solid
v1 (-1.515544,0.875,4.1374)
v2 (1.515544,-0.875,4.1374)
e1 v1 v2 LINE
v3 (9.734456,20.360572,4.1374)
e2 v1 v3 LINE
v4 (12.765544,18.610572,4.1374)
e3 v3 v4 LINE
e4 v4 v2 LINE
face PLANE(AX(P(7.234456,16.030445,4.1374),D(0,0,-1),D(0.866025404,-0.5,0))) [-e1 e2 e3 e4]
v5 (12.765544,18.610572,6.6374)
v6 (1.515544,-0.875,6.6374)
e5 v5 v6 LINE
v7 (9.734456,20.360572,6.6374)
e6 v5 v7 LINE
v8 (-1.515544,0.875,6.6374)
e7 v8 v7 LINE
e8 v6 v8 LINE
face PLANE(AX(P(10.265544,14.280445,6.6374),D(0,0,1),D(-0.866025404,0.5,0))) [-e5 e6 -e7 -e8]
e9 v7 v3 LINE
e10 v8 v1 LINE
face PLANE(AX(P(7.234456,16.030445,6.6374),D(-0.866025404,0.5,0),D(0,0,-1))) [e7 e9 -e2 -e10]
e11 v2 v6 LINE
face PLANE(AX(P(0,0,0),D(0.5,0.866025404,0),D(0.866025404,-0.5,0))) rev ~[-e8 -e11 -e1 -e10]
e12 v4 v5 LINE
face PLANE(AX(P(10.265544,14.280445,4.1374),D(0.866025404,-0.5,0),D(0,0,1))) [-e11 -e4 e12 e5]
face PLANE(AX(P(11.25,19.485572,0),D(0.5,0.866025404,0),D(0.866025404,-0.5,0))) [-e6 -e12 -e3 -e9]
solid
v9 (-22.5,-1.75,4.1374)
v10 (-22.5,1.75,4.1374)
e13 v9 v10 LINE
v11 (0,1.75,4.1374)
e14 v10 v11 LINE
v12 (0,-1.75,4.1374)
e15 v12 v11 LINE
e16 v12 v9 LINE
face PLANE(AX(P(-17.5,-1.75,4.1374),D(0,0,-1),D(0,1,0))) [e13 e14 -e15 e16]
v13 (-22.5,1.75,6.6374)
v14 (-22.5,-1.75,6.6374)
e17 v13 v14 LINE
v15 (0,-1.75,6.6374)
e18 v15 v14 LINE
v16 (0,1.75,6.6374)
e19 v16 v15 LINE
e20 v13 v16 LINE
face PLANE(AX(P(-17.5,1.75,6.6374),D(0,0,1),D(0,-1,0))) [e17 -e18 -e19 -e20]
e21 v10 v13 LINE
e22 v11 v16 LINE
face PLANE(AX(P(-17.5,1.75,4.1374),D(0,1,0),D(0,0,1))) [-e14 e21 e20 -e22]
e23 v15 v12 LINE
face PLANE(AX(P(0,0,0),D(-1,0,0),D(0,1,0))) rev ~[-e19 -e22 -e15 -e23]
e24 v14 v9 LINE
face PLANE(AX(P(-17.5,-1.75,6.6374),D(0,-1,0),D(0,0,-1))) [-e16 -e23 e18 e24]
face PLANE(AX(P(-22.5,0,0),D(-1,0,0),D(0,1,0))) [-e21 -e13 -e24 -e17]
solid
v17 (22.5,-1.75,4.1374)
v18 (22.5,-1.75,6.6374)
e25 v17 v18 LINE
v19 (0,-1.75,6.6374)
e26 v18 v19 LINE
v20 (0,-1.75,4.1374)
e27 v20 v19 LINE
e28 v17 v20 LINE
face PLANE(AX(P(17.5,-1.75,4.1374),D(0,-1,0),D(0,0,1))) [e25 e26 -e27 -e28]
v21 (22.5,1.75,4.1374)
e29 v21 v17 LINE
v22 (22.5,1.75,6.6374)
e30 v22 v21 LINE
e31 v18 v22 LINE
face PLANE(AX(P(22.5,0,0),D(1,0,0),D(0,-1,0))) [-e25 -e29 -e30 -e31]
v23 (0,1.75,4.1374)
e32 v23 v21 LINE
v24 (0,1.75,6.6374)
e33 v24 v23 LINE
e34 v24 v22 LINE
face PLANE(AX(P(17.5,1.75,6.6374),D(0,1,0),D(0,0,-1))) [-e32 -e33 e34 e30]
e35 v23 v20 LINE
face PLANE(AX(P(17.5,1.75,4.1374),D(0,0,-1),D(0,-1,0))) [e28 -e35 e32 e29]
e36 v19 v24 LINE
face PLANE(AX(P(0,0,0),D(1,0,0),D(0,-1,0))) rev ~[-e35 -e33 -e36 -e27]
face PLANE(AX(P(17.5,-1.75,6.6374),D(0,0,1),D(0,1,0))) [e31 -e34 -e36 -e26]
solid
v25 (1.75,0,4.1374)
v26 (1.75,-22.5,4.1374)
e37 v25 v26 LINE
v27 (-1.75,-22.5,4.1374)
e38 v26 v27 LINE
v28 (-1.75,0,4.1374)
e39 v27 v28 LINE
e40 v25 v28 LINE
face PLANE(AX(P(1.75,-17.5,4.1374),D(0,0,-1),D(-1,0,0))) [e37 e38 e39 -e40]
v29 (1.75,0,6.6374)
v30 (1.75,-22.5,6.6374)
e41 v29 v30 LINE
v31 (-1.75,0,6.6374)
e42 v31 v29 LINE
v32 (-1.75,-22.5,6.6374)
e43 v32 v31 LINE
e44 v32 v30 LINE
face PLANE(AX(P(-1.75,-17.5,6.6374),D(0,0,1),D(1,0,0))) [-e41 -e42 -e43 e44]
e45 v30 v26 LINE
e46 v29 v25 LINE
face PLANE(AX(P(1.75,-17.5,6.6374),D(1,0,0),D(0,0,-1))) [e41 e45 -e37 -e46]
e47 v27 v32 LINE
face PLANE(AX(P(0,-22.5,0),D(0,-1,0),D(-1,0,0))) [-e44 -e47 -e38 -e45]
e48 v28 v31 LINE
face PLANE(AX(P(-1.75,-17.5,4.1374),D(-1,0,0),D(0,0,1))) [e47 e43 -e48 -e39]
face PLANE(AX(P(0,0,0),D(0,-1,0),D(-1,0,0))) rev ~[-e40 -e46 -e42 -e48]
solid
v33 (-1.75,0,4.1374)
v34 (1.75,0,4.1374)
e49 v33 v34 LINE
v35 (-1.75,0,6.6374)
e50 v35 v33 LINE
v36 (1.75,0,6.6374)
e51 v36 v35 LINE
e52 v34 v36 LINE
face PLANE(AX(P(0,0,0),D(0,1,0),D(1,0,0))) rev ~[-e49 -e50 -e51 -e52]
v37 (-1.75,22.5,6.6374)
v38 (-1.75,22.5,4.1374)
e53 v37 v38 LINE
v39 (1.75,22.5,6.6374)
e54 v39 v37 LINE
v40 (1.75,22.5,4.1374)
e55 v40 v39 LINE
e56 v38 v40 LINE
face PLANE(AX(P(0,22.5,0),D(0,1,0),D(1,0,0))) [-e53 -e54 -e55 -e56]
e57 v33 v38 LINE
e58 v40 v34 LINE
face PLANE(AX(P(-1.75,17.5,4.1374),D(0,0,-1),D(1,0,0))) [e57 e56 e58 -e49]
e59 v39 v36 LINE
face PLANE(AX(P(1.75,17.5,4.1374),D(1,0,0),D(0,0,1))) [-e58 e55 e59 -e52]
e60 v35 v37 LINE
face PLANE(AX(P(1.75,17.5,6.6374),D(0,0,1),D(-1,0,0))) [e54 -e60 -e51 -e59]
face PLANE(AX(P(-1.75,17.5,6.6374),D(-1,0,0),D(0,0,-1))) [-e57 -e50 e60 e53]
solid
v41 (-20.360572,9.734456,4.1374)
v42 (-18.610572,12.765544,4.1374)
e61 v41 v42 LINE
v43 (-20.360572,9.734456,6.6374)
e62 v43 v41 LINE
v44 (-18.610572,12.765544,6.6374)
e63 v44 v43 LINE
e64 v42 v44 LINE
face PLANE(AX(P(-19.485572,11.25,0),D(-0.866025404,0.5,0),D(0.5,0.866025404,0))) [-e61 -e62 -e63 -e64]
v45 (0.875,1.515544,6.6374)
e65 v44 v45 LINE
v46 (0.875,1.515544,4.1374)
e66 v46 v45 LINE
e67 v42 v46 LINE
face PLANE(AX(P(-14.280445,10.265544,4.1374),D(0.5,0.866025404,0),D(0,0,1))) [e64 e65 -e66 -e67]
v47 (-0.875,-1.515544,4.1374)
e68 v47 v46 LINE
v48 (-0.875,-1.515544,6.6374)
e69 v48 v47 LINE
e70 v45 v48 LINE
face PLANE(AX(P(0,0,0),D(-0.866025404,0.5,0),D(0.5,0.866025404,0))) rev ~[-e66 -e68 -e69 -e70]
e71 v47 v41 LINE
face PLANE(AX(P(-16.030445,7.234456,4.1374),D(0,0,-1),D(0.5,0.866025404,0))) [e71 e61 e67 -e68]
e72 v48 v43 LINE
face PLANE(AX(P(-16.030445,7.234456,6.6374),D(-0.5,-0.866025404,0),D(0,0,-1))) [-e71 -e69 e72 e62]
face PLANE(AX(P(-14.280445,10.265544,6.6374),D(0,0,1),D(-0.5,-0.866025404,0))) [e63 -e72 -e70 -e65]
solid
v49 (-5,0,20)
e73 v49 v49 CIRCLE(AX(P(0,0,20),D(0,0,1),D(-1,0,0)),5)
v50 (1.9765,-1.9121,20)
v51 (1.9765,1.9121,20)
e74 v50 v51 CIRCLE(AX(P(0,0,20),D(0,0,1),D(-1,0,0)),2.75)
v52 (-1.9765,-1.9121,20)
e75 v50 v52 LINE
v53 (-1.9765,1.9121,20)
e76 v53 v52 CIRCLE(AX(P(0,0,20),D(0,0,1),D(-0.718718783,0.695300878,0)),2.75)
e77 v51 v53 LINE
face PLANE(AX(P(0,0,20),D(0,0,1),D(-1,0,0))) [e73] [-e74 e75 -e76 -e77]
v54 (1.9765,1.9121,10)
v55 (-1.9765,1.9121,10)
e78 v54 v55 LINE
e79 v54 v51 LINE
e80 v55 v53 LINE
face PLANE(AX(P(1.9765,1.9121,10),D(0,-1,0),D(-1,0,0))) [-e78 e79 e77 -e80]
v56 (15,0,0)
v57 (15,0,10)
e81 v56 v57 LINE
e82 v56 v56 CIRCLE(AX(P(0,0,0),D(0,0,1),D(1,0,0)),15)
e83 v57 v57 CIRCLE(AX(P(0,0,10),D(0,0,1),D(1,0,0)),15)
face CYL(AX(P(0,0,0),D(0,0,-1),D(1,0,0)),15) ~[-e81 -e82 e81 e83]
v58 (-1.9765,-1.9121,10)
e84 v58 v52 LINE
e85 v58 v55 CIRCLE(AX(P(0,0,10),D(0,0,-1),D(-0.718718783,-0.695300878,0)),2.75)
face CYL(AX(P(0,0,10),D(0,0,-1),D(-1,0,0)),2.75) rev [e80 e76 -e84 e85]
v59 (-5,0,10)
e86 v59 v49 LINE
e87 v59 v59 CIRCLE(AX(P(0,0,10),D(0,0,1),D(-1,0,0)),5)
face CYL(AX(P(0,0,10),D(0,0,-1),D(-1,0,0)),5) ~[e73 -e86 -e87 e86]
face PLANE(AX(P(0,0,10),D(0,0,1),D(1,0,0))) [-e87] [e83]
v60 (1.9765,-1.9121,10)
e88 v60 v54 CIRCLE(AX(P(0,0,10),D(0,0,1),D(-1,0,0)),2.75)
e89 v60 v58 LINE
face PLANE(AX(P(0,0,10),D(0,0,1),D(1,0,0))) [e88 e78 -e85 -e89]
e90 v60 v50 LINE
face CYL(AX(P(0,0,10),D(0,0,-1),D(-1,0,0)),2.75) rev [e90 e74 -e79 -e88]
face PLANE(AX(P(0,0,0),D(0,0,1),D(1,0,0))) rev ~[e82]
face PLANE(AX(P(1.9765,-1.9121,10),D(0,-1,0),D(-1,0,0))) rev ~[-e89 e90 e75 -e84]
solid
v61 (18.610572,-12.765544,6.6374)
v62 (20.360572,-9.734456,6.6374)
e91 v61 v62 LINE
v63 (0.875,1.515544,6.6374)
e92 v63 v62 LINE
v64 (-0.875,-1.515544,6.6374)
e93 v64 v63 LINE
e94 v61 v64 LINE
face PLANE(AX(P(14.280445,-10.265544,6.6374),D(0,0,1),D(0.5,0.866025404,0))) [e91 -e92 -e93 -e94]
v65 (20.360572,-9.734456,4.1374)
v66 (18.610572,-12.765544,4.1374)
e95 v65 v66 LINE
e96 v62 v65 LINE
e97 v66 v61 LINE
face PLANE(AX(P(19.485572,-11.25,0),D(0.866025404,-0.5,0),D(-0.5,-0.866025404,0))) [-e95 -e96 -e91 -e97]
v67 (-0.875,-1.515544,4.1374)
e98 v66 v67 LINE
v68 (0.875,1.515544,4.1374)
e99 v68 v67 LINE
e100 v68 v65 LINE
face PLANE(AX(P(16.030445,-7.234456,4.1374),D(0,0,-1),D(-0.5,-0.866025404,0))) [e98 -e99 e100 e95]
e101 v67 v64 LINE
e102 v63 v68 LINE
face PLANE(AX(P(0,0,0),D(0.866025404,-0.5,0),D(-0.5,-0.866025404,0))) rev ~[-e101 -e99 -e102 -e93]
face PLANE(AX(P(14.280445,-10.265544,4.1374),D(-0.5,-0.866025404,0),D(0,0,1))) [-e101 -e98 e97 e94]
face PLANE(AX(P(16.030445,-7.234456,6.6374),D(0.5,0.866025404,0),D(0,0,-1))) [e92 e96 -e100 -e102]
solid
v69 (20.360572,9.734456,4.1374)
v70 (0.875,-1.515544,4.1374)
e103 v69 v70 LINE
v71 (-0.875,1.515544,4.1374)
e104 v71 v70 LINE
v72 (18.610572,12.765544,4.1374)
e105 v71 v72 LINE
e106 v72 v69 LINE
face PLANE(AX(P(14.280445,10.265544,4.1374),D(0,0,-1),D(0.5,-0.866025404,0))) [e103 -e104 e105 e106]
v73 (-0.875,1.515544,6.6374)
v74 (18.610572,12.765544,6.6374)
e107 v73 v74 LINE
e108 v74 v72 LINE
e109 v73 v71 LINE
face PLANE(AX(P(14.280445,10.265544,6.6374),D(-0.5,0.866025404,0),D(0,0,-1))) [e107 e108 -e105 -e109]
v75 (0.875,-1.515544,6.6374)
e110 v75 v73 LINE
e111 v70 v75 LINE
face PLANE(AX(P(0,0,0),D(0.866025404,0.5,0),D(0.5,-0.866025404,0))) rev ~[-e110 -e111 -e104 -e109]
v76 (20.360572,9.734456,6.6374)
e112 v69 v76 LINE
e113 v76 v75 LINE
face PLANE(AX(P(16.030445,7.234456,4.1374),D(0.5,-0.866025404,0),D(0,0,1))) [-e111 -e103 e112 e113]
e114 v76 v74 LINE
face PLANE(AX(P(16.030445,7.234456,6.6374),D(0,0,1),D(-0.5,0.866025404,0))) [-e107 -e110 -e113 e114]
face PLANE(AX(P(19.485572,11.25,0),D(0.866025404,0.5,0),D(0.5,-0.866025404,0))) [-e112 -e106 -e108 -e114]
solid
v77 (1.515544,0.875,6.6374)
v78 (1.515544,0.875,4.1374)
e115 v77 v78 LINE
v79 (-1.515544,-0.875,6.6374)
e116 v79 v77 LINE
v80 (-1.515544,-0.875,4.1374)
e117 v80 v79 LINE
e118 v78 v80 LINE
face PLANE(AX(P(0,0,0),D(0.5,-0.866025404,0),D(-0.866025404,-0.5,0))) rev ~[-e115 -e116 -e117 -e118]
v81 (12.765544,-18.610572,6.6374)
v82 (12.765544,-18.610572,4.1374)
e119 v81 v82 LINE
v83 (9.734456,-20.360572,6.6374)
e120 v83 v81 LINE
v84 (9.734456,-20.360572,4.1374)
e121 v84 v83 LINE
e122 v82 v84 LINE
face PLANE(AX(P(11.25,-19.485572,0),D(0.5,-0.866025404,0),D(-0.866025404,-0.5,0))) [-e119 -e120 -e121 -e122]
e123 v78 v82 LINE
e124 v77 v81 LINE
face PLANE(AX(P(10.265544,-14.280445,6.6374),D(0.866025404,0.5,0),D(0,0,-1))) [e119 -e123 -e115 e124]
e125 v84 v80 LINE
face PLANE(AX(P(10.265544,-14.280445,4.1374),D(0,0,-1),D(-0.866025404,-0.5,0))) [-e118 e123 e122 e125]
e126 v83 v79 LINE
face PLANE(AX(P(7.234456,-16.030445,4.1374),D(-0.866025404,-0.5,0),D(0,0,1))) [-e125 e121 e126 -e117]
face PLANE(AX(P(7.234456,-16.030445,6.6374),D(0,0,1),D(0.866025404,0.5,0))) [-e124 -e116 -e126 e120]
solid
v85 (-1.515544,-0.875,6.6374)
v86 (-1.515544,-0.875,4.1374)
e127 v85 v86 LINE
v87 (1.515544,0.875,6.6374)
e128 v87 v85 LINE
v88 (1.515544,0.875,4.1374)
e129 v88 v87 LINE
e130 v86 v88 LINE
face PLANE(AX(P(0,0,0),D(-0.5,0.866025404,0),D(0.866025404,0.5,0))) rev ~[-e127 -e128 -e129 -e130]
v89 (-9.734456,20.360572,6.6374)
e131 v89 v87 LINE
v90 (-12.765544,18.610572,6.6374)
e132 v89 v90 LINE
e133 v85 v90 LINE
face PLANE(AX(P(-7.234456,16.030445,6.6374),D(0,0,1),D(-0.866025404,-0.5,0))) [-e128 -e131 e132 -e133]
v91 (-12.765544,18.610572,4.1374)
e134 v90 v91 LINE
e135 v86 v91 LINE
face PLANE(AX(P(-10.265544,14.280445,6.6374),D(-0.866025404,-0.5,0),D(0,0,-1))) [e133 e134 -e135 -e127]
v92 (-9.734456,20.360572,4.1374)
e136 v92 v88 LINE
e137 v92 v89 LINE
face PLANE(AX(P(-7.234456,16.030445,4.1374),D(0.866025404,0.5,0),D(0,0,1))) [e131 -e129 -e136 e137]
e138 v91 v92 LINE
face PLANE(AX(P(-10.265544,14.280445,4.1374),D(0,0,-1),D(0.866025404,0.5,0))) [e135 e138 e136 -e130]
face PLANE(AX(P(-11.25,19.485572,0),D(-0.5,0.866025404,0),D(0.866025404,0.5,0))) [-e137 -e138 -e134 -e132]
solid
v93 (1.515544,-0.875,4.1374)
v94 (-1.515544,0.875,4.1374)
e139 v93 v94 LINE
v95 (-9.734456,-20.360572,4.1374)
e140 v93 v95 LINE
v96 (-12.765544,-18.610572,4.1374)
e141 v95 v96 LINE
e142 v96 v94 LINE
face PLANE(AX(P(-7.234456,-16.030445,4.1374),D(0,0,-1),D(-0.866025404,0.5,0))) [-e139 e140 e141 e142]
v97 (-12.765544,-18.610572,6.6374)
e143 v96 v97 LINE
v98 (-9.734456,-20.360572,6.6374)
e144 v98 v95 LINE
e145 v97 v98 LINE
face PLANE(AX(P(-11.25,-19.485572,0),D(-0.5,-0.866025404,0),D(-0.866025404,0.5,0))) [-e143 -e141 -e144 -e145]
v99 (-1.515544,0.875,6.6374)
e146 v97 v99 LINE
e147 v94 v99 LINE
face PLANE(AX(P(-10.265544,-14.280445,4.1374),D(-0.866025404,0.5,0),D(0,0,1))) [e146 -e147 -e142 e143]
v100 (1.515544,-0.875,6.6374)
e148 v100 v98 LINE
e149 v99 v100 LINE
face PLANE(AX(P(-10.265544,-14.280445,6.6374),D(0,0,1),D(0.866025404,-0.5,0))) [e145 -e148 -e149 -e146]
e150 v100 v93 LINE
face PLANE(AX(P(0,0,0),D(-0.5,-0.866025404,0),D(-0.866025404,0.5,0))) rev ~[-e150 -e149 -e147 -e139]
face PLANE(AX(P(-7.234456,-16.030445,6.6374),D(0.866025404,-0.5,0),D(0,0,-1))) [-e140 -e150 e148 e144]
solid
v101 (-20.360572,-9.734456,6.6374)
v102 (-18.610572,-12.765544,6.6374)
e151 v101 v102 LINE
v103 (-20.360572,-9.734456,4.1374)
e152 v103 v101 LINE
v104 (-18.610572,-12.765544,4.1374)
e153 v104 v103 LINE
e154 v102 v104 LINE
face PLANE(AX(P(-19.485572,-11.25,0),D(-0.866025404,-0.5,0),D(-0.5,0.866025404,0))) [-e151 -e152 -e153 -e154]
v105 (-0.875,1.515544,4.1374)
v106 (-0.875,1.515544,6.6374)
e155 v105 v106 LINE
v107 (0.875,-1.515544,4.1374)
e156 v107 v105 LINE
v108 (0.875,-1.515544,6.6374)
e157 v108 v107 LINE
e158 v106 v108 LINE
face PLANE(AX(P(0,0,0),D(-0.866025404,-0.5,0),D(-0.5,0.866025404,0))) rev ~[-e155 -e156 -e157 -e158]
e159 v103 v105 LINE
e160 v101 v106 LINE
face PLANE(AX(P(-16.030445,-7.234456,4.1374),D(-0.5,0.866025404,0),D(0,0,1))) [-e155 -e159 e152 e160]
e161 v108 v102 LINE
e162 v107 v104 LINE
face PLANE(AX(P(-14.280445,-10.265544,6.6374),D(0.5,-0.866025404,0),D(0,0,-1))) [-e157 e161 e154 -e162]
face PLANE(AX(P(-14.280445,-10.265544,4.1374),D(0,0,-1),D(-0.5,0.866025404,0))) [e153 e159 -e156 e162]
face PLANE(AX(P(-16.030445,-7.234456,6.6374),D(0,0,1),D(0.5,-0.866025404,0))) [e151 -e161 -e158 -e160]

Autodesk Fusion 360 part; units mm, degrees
sketch "Sketch1" plane through (0, 0, 0) normal (0, 0, 1) x (1, 0, 0)
  circle A0 centre (0, 0) radius 15
  dimension "d1" = 30
extrude "Extrude1" add sketch "Sketch1" along normal blind 10 makes body 1
sketch "Sketch2" plane through (0, 0, 0) normal (0, 1, 0) x (1, 0, 0)
  line L0 (-1.75, -4.1374) -> (1.75, -4.1374)
  line L1 (1.75, -4.1374) -> (1.75, -6.6374)
  line L2 (1.75, -6.6374) -> (-1.75, -6.6374)
  line L3 (-1.75, -6.6374) -> (-1.75, -4.1374)
  line L4 (-1.75, -4.1374) -> (1.75, -6.6374) construction
  line L5 (1.75, -4.1374) -> (-1.75, -6.6374) construction
  point P0 (0, -5.3874)
  dimension "d4" = 2.5
  dimension "d5" = 3.5
extrude "Extrude3" add sketch "Sketch2" along normal blind 36 separate body makes body 2
extrude "Extrude4" cut 1 faces at (0.5833, 36, 4.9708) along direction (0, -1, 0) blind 18 on bodies 2 bodies 2
extrude "Extrude5" cut 1 faces at (0.5833, 18, 4.9708) along direction (0, -1, 0) blind 1 on bodies 2 bodies 2
sketch "Sketch6" plane through (-1.75, 0, 0) normal (-1, 0, 0) x (0, -1, 0)
  line L0 (-17, 6.6374) -> (-17, 4.1374)
  line L1 (-17, 4.1374) -> (0, 4.1374)
  line L2 (0, 4.1374) -> (0, 6.6374)
  line L3 (0, 6.6374) -> (-17, 6.6374)
  line L4 (-17, 6.6374) -> (-15, 6.6374)
extrude "Extrude6" add 1 faces at (0.5833, 17, 4.9708) along direction (0, 1, 0) blind 0.5 on bodies 2 bodies 2
extrude "Extrude22" add 1 faces at (0.5833, 17.5, 4.9708) along direction (0, 1, 0) blind 5 on bodies 2 bodies 2
pattern_circular "C-Pattern1" count 12 over 360 about axis through (0, 0, 0) along (0, 0, 1) of bodies 2 makes body 3 at (-6.9948, 13.282, 4.1374) makes body 4 at (-6.7869, 3.2448, 4.1374) makes body 5 at (-7.5, 0.5833, 6.6374) makes body 6 at (-13.282, -6.9948, 4.1374) makes body 7 at (-8.0052, -12.6987, 4.1374) makes body 8 at (0.5833, -7.5, 4.1374) makes body 9 at (8.0052, -12.6987, 6.6374) makes body 10 at (6.2035, -4.2552, 6.6374) makes body 11 at (7.5, -0.5833, 6.6374) makes body 12 at (13.282, 6.9948, 4.1374) makes body 13 at (3.2448, 6.7869, 4.1374)
sketch "Sketch9" plane through (0, 0, 10) normal (0, 0, 1) x (-1, 0, 0)
  circle A0 centre (0, 0) radius 15
  circle A1 centre (0, 0) radius 2.75
  line L0 (-1.9765, 1.9121) -> (1.9765, 1.9121)
  line L1 (-1.9765, -1.9121) -> (1.9765, -1.9121)
  circle A2 centre (0, 0) radius 5
  dimension "d61" = 5.5
extrude "Extrude23" add sketch "Sketch9" along normal blind 10 contours A1 L0 | A1 L1 | A2 bodies 1
extrude "Extrude21" [suppressed]
